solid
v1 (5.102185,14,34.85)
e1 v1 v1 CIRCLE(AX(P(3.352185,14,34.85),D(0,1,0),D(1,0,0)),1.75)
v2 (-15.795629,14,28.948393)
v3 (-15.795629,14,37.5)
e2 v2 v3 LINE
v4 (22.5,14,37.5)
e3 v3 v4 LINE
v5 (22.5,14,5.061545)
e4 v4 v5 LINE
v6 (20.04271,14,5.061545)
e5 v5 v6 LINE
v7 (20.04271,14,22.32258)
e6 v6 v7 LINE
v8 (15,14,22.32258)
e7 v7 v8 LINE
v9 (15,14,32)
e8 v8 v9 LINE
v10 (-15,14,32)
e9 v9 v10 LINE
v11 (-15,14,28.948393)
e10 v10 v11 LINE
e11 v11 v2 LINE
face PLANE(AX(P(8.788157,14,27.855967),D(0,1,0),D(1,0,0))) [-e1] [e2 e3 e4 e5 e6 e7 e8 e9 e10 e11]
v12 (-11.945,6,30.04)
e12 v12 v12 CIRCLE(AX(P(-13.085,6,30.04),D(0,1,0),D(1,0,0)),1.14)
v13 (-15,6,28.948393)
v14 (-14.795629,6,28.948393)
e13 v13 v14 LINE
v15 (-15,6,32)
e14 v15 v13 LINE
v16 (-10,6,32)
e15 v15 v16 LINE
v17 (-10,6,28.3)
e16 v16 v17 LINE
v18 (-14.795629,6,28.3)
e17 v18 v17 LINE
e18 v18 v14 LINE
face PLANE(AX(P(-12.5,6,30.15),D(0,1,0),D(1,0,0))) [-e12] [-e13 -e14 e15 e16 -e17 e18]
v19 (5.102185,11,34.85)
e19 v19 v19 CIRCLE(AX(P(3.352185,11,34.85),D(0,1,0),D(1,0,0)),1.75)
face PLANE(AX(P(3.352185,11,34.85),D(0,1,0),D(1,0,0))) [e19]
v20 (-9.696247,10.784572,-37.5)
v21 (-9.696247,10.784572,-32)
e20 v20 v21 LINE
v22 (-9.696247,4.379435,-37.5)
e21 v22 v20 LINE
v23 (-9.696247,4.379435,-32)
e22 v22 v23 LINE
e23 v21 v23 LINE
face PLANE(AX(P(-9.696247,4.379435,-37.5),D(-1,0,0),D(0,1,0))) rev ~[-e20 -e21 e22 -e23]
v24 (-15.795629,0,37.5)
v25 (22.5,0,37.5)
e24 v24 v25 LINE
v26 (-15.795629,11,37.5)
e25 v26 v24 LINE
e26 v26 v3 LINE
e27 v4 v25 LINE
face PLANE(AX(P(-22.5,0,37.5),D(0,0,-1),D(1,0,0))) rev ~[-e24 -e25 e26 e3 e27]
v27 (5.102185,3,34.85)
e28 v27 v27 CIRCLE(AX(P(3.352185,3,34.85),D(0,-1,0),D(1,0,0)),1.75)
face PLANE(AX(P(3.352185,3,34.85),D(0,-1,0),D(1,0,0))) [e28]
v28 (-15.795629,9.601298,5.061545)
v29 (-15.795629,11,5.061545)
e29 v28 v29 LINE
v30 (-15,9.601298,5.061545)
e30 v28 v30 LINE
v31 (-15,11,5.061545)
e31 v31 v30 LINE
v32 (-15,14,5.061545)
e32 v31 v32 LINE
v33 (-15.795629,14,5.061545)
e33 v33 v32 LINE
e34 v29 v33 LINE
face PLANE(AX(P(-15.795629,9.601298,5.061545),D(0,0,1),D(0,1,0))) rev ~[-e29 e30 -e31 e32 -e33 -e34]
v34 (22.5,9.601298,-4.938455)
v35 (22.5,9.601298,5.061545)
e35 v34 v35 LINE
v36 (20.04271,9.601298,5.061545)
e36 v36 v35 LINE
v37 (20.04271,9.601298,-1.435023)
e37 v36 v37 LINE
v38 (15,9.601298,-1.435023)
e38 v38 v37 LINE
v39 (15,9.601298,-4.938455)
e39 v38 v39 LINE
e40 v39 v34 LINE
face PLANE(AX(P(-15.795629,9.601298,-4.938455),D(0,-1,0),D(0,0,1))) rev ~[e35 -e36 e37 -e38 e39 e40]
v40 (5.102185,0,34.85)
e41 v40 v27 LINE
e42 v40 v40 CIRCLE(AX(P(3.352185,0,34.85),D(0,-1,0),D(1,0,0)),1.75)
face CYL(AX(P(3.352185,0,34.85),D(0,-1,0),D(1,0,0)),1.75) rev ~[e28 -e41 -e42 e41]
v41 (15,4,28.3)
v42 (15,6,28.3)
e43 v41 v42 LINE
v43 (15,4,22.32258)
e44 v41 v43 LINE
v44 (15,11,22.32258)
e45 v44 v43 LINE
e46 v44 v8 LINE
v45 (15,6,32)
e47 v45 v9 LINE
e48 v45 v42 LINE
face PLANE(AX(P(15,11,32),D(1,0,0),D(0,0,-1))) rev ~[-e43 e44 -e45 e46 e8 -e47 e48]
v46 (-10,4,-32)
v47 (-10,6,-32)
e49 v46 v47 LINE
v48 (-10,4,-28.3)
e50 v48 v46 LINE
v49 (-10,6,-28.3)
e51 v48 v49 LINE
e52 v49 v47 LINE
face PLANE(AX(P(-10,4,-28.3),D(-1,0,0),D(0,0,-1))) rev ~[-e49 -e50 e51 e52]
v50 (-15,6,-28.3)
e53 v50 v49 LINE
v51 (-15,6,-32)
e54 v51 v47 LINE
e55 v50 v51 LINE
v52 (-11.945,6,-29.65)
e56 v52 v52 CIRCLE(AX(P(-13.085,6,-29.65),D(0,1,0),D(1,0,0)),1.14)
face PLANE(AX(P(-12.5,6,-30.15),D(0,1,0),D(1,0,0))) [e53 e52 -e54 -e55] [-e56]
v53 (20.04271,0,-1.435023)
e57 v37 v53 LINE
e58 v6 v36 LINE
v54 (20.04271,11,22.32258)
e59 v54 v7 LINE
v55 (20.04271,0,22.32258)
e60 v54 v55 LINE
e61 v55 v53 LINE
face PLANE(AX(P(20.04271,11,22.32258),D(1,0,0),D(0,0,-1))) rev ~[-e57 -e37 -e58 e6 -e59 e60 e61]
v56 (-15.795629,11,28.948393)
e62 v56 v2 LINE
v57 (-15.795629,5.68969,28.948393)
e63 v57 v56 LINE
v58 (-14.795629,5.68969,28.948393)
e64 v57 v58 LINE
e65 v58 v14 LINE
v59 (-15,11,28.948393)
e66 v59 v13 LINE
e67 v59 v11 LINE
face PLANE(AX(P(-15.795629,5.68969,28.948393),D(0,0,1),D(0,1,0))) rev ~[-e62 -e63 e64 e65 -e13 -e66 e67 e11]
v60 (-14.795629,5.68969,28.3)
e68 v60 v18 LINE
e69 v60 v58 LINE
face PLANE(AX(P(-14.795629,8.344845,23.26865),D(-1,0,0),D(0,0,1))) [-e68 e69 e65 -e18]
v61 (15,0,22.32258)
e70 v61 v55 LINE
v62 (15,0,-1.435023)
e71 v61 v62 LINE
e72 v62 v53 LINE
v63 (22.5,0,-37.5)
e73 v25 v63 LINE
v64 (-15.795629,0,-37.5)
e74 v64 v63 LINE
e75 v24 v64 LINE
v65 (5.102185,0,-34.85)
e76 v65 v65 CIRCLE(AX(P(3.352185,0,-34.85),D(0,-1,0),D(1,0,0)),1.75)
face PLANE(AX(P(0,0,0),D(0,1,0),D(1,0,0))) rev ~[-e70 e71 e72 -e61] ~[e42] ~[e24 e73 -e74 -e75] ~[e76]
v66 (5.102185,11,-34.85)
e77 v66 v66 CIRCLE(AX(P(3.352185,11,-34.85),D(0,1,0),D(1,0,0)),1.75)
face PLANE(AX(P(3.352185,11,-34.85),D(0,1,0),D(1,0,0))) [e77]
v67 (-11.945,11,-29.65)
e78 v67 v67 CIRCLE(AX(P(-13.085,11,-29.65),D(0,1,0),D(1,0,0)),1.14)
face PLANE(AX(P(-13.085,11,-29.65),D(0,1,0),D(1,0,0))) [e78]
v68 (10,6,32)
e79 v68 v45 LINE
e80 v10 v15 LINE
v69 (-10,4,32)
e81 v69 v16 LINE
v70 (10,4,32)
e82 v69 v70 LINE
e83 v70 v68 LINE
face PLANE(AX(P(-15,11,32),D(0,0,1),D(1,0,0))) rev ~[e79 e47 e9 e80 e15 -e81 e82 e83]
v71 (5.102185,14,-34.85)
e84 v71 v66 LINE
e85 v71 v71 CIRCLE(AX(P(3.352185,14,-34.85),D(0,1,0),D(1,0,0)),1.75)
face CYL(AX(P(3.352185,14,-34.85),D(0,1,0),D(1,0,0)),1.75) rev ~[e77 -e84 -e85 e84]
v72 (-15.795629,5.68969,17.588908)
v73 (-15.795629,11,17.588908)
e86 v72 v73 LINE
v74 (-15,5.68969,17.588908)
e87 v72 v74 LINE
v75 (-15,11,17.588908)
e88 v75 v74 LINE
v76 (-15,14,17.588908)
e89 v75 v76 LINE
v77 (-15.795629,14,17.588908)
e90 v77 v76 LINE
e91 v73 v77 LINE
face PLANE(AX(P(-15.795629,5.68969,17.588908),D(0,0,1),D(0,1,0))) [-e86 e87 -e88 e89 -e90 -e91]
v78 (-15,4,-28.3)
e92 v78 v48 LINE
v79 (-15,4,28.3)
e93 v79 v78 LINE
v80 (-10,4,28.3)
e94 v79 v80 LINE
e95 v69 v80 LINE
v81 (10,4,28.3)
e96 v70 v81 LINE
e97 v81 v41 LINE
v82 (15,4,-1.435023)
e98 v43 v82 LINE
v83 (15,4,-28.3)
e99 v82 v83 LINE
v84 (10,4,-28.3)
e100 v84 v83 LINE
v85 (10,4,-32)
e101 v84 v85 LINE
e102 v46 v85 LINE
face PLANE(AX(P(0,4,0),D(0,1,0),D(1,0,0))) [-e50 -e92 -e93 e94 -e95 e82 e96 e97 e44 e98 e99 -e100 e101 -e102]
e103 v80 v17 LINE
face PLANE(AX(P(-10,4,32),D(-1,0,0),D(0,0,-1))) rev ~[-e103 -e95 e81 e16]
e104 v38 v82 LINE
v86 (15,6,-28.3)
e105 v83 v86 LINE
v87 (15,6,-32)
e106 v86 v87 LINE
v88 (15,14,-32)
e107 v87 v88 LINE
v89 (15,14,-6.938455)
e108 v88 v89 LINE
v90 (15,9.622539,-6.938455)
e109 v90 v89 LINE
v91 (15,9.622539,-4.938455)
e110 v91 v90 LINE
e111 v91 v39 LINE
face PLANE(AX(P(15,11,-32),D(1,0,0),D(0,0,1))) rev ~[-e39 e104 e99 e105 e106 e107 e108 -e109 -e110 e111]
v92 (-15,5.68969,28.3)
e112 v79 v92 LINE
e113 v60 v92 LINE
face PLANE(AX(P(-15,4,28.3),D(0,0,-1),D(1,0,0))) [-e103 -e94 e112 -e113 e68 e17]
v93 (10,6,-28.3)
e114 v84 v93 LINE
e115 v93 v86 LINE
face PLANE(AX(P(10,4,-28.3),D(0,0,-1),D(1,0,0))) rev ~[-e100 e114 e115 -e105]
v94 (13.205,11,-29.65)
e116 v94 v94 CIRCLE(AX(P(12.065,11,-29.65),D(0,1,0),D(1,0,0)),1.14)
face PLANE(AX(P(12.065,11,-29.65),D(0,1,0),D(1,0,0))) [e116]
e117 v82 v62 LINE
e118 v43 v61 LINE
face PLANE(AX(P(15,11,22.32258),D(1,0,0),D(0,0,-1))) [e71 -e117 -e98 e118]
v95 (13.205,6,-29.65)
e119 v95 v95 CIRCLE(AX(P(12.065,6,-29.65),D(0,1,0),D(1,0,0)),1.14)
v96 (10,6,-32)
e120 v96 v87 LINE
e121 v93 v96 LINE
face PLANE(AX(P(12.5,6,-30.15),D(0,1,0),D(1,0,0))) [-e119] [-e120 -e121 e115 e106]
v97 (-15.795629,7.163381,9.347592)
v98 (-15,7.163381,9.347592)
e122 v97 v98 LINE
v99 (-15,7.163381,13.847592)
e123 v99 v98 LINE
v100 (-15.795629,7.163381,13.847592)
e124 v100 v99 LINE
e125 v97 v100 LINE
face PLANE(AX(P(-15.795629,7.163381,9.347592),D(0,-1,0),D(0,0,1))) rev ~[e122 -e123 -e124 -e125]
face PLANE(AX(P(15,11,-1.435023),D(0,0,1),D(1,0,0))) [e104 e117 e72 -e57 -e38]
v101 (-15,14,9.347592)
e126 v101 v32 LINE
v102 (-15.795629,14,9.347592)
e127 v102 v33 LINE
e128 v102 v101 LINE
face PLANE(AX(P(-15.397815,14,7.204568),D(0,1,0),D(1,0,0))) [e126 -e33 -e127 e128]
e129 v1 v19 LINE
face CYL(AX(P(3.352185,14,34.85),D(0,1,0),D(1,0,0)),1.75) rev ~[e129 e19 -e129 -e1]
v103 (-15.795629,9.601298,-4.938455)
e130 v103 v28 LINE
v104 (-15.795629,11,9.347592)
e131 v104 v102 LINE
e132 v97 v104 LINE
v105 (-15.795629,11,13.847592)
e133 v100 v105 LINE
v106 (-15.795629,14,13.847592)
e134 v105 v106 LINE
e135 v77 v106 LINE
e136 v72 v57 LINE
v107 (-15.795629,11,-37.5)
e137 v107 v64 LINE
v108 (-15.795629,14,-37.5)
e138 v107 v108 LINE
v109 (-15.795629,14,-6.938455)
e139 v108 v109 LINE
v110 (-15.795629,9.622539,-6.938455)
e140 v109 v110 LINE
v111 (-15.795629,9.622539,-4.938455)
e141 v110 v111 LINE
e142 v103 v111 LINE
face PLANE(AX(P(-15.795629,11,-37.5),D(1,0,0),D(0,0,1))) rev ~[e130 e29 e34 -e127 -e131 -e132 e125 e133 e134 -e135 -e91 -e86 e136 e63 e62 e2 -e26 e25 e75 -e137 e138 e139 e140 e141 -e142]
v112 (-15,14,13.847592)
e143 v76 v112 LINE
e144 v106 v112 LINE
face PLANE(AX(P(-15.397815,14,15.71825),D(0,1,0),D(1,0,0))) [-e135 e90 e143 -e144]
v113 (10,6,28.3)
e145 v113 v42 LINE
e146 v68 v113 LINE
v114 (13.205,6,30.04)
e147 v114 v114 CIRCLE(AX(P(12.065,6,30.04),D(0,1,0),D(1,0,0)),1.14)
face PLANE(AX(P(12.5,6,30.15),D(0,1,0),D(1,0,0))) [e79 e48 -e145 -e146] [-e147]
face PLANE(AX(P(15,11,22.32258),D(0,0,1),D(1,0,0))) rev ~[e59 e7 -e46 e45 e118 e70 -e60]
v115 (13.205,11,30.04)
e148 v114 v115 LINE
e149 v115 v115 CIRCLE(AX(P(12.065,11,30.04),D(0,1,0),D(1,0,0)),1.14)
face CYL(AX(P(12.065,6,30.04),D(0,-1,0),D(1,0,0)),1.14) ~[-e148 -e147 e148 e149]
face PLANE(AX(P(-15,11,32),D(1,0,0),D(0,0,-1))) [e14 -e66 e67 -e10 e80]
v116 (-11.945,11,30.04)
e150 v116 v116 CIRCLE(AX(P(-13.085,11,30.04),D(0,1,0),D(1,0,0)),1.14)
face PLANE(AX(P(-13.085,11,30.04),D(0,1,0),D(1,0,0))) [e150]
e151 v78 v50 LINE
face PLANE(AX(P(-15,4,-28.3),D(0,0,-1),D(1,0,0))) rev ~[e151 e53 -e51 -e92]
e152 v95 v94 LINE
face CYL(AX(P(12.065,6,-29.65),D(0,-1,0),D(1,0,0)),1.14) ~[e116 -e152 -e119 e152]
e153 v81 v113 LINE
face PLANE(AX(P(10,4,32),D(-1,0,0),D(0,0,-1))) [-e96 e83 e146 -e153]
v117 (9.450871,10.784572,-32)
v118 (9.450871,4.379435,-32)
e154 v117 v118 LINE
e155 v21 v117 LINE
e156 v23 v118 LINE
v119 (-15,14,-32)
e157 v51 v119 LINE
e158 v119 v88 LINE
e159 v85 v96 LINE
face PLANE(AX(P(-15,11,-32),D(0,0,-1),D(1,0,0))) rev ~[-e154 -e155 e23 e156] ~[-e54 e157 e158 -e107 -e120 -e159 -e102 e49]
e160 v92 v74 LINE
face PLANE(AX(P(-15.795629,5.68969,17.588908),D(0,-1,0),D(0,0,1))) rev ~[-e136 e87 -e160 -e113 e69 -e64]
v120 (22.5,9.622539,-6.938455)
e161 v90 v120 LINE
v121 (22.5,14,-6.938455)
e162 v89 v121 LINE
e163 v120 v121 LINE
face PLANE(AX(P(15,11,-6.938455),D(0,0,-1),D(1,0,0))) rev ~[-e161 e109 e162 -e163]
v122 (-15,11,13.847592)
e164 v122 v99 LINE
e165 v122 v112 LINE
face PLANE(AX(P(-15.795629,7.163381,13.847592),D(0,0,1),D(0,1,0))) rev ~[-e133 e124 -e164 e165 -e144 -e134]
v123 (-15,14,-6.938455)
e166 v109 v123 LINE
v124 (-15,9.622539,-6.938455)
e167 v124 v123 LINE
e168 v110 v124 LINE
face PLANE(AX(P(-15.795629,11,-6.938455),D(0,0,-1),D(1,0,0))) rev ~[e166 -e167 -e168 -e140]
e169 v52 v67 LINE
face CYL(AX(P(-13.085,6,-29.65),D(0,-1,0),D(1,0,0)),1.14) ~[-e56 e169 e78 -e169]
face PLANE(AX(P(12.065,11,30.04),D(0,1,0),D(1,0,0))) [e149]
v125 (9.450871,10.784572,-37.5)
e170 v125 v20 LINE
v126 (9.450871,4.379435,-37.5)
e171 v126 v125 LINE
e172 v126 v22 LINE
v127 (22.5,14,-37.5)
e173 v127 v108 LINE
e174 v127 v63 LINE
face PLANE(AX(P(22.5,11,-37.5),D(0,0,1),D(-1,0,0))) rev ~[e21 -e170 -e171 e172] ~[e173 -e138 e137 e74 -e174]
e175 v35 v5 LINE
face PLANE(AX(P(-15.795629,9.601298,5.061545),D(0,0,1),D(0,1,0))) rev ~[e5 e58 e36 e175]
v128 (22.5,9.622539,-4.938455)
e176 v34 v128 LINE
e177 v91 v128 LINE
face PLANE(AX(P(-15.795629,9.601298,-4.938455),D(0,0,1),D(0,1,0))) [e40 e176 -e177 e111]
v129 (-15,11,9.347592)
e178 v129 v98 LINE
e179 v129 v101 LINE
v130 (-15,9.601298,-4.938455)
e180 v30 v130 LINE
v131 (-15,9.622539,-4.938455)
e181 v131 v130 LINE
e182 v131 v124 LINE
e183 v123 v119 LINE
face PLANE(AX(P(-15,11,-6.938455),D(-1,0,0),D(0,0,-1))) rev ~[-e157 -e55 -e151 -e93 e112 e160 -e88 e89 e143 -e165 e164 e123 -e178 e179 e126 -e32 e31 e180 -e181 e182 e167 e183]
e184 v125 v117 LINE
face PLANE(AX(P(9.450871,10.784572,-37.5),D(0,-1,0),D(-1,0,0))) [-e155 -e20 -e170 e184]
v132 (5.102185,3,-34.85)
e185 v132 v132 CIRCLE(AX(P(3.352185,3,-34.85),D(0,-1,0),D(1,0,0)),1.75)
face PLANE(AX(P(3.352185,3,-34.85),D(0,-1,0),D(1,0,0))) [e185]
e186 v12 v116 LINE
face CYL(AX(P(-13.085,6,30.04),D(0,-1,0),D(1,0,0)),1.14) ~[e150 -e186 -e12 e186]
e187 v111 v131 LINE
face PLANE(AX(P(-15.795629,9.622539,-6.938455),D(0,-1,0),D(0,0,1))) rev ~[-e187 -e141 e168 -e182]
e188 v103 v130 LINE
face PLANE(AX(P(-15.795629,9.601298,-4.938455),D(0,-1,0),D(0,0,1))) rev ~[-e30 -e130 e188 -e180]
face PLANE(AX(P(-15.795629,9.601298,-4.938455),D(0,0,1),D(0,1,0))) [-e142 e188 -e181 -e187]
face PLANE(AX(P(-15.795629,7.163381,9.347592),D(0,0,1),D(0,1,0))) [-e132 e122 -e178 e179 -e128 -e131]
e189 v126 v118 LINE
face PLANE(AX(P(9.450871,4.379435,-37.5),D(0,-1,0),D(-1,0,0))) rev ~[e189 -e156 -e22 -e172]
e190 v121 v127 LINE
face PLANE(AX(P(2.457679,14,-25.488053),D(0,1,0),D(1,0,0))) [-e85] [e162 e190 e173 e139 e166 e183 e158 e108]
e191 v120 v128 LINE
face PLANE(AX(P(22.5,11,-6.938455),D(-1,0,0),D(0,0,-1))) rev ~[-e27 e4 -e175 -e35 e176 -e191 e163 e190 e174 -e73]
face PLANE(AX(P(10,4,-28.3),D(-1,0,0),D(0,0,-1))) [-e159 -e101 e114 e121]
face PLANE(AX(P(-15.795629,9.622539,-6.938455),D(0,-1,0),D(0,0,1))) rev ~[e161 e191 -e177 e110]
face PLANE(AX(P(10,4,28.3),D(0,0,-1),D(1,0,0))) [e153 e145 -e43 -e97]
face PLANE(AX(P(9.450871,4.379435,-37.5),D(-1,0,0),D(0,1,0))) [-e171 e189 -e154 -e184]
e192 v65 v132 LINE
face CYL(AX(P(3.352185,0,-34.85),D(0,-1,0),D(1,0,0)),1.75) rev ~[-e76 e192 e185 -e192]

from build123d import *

# Parameters (mm, degrees)
CROQUIS1_W              = 45
CROQUIS1_H              = 75
SALIENTE_EXTRUIR1_DEPTH = 11
CROQUIS2_W              = 30
CROQUIS2_H              = 64
CORTAR_EXTRUIR1_DEPTH   = 7
CROQUIS3_W              = 5
CROQUIS3_H              = 3.7
SALIENTE_EXTRUIR2_DEPTH = 2
CROQUIS4_R              = 1.14
SALIENTE_EXTRUIR3_DEPTH = 5
CROQUIS8_W              = 5.042710394
CROQUIS8_H              = 23.757603043
CORTAR_EXTRUIR2_DEPTH   = 12
CROQUIS10_W             = 6.704370917
CROQUIS10_H             = 75
CORTAR_EXTRUIR3_DEPTH   = 18
CROQUIS11_W             = 11.359484983
CROQUIS11_H             = 5.310310124
CROQUIS11_W_2           = 4.5
CROQUIS11_H_2           = 3.836618742
CORTAR_EXTRUIR4_DEPTH   = 1
CROQUIS13_W             = 10
CROQUIS13_H             = 1.398702395
CROQUIS13_W_2           = 3.73
CROQUIS13_H_2           = 1.377461041
CORTAR_EXTRUIR5_DEPTH   = 38.3
CROQUIS15_R             = 1.75
CORTAR_EXTRUIR7_DEPTH   = 3
CROQUIS16_W             = 19.147118229
CROQUIS16_H             = 6.405137331
CORTAR_EXTRUIR8_DEPTH   = 10
CROQUIS17_W             = 0.795629083
CROQUIS17_H             = 4.286046827
CROQUIS17_H_2           = 3.741316105
SALIENTE_EXTRUIR4_DEPTH = 3
CROQUIS18_R             = 1.75
CORTAR_EXTRUIR9_DEPTH   = 3


with BuildPart() as part:
    # Croquis1 → Saliente-Extruir1 (new body)
    with BuildSketch(Plane(origin=(0, 0, 0), x_dir=(1, 0, 0), z_dir=(0, 1, 0))):
        Rectangle(CROQUIS1_W, CROQUIS1_H)
    extrude(amount=SALIENTE_EXTRUIR1_DEPTH)

    # Croquis2 → Cortar-Extruir1 (cut)
    with BuildSketch(Plane(origin=(0, 11, 0), x_dir=(1, 0, 0), z_dir=(0, 1, 0))):
        Rectangle(CROQUIS2_W, CROQUIS2_H)
    extrude(amount=-CORTAR_EXTRUIR1_DEPTH, mode=Mode.SUBTRACT)

    # Croquis3 → Saliente-Extruir2 (add)
    with BuildSketch(Plane(origin=(0, 4, 0), x_dir=(1, 0, 0), z_dir=(0, 1, 0))):
        with Locations((12.5, -30.15)):
            Rectangle(CROQUIS3_W, CROQUIS3_H)
        with Locations((-12.5, -30.15)):
            Rectangle(CROQUIS3_W, CROQUIS3_H)
        with Locations((12.5, 30.15)):
            Rectangle(CROQUIS3_W, CROQUIS3_H)
        with Locations((-12.5, 30.15)):
            Rectangle(CROQUIS3_W, CROQUIS3_H)
    extrude(amount=SALIENTE_EXTRUIR2_DEPTH)

    # Croquis4 → Saliente-Extruir3 (add)
    with BuildSketch(Plane(origin=(0, 6, 0), x_dir=(1, 0, 0), z_dir=(0, 1, 0))):
        with Locations((-13.085, -30.04)):
            Circle(CROQUIS4_R)
        with Locations((12.065, -30.04)):
            Circle(CROQUIS4_R)
        with Locations((-13.085, 29.65)):
            Circle(CROQUIS4_R)
        with Locations((12.065, 29.65)):
            Circle(CROQUIS4_R)
    extrude(amount=SALIENTE_EXTRUIR3_DEPTH)

    # Croquis8 → Cortar-Extruir2 (cut)
    with BuildSketch(Plane(origin=(0, 11, 0), x_dir=(1, 0, 0), z_dir=(0, 1, 0))):
        with Locations((17.521355197, -10.443778519)):
            Rectangle(CROQUIS8_W, CROQUIS8_H)
    extrude(amount=-CORTAR_EXTRUIR2_DEPTH, mode=Mode.SUBTRACT)

    # Croquis10 → Cortar-Extruir3 (cut)
    with BuildSketch(Plane(origin=(0, 11, 0), x_dir=(1, 0, 0), z_dir=(0, 1, 0))):
        with Locations((-19.147814542, 0)):
            Rectangle(CROQUIS10_W, CROQUIS10_H)
    extrude(amount=-CORTAR_EXTRUIR3_DEPTH, mode=Mode.SUBTRACT)

    # Croquis11 → Cortar-Extruir4 (cut)
    with BuildSketch(Plane.ZY.offset(15.795629083)):
        with Locations((23.268650218, 8.344844938)):
            Rectangle(CROQUIS11_W, CROQUIS11_H)
        with Locations((11.597591621, 9.081690629)):
            Rectangle(CROQUIS11_W_2, CROQUIS11_H_2)
    extrude(amount=-CORTAR_EXTRUIR4_DEPTH, mode=Mode.SUBTRACT)

    # Croquis13 → Cortar-Extruir5 (cut)
    with BuildSketch(Plane.ZY.offset(15.795629083)):
        with Locations((0.061544794, 10.300648802)):
            Rectangle(CROQUIS13_W, CROQUIS13_H)
        with Locations((-5.073455206, 10.311269479)):
            Rectangle(CROQUIS13_W_2, CROQUIS13_H_2)
    extrude(amount=-CORTAR_EXTRUIR5_DEPTH, mode=Mode.SUBTRACT)

    # Croquis15 → Cortar-Extruir7 (cut)
    with BuildSketch(Plane.XZ):
        with Locations((3.352185458, -34.85)):
            Circle(CROQUIS15_R)
        with Locations((3.352185458, 34.85)):
            Circle(CROQUIS15_R)
    extrude(amount=-CORTAR_EXTRUIR7_DEPTH, mode=Mode.SUBTRACT)

    # Croquis16 → Cortar-Extruir8 (cut)
    with BuildSketch(Plane(origin=(0, 0, -37.5), x_dir=(-1, 0, 0), z_dir=(0, 0, -1))):
        with Locations((0.122687914, 7.582003397)):
            Rectangle(CROQUIS16_W, CROQUIS16_H)
    extrude(amount=-CORTAR_EXTRUIR8_DEPTH, mode=Mode.SUBTRACT)

    # Croquis17 → Saliente-Extruir4 (add)
    with BuildSketch(Plane(origin=(0, 11, 0), x_dir=(1, 0, 0), z_dir=(0, 1, 0))):
        Polygon((-15.795629083, 6.938455206), (-15, 6.938455206), (-15, 32), (15, 32), (15, 6.938455206), (22.5, 6.938455206), (22.5, 37.5), (-15.795629083, 37.5), align=None)
        with Locations((-15.397814542, -7.204568208)):
            Rectangle(CROQUIS17_W, CROQUIS17_H)
        with Locations((-15.397814542, -15.718249674)):
            Rectangle(CROQUIS17_W, CROQUIS17_H_2)
        Polygon((22.5, -5.061544794), (20.042710394, -5.061544794), (20.042710394, -22.32258004), (15, -22.32258004), (15, -32), (-15, -32), (-15, -28.948392709), (-15.795629083, -28.948392709), (-15.795629083, -37.5), (22.5, -37.5), align=None)
    extrude(amount=SALIENTE_EXTRUIR4_DEPTH)

    # Croquis18 → Cortar-Extruir9 (cut)
    with BuildSketch(Plane(origin=(0, 14, 0), x_dir=(1, 0, 0), z_dir=(0, 1, 0))):
        with Locations((3.352185458, -34.85)):
            Circle(CROQUIS18_R)
        with Locations((3.352185458, 34.85)):
            Circle(CROQUIS18_R)
    extrude(amount=-CORTAR_EXTRUIR9_DEPTH, mode=Mode.SUBTRACT)


solid = part.part
